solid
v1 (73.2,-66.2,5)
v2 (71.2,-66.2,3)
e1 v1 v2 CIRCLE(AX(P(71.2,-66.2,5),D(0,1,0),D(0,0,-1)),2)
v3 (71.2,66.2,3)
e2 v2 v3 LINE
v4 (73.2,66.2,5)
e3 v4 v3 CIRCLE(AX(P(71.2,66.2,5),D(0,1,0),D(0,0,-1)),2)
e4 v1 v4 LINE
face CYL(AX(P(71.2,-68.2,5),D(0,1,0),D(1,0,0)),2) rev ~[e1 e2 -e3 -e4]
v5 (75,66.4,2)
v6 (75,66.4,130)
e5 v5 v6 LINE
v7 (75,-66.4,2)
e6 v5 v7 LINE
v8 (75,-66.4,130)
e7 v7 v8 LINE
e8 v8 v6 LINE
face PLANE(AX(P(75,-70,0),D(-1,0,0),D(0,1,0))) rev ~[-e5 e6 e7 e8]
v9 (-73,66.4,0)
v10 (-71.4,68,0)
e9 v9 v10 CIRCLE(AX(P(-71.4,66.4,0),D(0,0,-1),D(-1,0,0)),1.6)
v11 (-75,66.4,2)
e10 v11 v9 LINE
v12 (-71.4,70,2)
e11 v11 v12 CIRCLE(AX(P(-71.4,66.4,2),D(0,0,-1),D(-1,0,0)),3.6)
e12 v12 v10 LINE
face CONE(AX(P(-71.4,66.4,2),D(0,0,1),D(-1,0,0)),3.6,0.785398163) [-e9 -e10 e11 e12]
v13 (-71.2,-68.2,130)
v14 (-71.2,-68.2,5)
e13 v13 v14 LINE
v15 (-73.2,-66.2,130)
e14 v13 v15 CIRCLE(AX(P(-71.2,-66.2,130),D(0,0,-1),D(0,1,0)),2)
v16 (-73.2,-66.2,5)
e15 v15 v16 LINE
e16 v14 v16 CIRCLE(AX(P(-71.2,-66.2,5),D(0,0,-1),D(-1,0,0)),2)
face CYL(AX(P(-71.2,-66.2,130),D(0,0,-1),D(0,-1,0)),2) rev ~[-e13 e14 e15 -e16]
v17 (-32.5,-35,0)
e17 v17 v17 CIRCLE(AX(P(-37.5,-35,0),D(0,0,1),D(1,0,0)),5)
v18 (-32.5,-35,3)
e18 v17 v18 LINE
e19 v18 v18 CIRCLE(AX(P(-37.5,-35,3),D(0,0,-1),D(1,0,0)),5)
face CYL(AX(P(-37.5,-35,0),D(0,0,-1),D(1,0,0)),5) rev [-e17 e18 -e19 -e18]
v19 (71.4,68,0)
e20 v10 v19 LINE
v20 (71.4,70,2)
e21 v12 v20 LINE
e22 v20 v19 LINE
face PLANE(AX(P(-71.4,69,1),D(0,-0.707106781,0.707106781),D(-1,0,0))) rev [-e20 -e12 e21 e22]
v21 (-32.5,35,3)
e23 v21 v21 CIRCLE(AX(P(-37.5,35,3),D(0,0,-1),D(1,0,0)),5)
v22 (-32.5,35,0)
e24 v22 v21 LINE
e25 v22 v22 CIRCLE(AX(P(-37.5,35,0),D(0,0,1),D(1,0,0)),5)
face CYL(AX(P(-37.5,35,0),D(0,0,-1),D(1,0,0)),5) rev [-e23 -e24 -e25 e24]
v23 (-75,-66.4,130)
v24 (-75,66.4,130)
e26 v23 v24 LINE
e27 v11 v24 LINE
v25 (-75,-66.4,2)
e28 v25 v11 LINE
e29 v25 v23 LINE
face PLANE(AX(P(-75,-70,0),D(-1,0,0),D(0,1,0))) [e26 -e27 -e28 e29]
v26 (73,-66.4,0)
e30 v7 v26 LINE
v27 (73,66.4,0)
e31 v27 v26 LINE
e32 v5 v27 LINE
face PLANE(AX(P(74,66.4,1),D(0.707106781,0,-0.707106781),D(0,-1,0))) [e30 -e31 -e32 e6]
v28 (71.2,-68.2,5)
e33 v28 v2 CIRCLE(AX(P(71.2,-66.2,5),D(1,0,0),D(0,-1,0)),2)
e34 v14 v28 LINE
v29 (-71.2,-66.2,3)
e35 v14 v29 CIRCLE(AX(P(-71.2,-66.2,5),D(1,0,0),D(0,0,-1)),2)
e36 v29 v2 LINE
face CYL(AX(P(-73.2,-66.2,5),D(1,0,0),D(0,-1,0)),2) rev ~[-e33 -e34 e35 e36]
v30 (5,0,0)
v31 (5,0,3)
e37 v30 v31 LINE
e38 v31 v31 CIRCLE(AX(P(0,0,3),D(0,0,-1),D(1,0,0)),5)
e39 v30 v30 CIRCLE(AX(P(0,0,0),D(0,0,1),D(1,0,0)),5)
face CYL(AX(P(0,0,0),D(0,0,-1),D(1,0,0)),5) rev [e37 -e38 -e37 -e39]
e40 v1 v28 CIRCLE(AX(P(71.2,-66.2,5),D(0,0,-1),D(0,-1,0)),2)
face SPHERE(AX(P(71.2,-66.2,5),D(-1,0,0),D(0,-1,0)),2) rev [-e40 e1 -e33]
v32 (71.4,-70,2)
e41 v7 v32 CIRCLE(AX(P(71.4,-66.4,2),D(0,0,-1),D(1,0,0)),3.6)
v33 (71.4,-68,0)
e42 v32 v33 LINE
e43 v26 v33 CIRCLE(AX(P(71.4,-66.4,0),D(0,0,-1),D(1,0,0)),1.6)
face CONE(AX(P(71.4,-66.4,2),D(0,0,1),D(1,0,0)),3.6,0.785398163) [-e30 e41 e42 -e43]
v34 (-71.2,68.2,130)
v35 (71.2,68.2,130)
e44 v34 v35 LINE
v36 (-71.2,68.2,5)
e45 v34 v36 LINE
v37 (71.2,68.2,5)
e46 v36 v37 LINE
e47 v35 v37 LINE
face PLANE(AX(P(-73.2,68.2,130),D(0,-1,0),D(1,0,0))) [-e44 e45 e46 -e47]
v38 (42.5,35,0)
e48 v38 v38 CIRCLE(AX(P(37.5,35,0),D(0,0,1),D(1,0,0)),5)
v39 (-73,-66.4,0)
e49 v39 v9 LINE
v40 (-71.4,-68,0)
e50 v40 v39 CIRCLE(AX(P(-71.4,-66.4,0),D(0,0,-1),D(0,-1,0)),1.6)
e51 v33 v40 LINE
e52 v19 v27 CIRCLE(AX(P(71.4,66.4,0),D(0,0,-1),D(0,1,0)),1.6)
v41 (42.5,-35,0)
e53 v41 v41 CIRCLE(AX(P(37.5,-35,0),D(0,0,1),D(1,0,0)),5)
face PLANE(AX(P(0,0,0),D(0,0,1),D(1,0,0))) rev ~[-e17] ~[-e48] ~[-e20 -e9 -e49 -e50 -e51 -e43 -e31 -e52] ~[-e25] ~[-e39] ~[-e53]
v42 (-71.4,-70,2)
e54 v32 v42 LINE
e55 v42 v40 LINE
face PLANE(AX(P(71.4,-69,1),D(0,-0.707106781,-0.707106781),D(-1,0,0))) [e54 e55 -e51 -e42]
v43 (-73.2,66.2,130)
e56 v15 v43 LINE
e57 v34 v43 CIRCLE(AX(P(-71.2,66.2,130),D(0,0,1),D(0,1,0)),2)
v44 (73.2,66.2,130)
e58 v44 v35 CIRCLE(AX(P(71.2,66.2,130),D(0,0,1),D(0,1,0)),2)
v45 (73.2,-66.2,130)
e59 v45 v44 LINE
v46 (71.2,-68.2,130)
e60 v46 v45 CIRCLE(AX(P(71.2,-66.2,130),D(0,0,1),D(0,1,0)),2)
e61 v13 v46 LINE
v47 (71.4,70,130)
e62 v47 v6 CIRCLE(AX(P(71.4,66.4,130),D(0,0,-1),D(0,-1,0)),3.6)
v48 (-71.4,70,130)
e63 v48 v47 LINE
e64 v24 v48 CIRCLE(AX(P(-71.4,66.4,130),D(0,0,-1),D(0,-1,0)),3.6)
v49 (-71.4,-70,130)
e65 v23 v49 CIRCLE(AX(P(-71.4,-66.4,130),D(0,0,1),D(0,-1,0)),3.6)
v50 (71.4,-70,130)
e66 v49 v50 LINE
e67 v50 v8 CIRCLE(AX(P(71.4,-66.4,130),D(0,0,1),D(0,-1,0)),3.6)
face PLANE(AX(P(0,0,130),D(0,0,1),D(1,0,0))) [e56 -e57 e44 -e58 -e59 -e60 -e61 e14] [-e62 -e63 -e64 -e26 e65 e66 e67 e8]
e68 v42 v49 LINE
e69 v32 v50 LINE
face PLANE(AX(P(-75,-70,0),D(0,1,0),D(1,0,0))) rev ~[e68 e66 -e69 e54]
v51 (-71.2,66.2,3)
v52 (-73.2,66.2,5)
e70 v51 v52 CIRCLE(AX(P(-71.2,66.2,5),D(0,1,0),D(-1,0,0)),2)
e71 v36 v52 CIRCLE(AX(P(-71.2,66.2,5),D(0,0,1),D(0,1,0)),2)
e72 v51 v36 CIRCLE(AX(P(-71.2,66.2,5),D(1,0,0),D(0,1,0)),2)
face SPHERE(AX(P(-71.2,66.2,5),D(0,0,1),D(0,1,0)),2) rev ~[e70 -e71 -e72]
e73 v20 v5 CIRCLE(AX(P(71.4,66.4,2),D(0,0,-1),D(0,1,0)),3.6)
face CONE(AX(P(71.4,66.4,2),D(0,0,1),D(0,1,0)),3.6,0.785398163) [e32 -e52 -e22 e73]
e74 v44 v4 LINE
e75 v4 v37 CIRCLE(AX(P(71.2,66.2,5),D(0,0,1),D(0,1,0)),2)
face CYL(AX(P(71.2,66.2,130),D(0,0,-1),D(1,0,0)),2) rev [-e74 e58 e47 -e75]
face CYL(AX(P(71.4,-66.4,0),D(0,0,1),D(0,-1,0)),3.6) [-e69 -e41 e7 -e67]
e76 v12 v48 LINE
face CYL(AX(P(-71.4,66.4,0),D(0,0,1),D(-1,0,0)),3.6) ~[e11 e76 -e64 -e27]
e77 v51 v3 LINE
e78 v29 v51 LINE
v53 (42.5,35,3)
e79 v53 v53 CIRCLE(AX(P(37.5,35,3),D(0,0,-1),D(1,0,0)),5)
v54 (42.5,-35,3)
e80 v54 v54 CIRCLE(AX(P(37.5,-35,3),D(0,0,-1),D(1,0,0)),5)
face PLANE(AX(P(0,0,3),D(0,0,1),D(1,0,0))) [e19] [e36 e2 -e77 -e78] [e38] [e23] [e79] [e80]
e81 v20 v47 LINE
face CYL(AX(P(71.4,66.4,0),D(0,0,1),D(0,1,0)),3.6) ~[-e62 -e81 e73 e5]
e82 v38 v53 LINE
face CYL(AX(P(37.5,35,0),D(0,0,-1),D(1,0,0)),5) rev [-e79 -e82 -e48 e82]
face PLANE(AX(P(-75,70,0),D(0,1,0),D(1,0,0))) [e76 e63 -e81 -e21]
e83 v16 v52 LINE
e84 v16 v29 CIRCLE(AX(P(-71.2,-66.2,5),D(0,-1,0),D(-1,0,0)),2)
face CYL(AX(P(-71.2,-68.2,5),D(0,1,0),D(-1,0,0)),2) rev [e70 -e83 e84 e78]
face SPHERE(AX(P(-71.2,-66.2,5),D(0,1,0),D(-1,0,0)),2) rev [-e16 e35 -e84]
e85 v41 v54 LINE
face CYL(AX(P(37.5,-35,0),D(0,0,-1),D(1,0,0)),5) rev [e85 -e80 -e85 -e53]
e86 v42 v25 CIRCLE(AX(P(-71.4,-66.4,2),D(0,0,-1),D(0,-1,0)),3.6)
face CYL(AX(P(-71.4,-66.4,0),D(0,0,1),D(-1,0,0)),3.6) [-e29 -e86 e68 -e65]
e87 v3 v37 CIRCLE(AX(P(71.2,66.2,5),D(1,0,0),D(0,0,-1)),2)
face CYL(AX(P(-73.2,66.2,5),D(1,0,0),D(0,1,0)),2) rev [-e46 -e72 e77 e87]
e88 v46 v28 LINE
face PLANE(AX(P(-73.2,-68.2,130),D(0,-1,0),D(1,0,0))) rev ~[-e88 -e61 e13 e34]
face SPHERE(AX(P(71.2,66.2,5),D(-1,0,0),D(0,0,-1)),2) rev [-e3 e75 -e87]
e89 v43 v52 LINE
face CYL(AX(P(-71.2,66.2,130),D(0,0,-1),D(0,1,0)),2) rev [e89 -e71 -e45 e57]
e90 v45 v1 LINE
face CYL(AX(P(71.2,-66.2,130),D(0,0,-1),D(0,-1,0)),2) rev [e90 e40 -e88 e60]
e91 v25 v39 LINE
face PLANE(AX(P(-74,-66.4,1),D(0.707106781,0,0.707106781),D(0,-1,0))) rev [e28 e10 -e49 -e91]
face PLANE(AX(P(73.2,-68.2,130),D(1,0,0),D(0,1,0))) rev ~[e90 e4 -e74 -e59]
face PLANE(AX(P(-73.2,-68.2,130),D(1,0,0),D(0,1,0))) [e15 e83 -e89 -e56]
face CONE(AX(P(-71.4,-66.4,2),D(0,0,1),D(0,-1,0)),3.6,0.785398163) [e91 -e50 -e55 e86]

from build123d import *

# Parameters (mm, degrees)
SKETCH_W        = 150
SKETCH_H        = 140
PAD_DEPTH       = 130
SKETCH001_W     = 146.4
SKETCH001_H     = 136.4
POCKET_DEPTH    = 127
SKETCH002_R     = 5
POCKET001_DEPTH = 130.001
FILLET_R        = 2
FILLET001_R     = 3.6
CHAMFER_SIZE    = 2


with BuildPart() as part:
    # Sketch → Pad (new body)
    with BuildSketch(Plane.XY):
        Rectangle(SKETCH_W, SKETCH_H)
    extrude(amount=PAD_DEPTH)

    # Sketch001 (on DatumPlane) → Pocket (cut)
    with BuildSketch(Plane.XY.offset(130)):
        Rectangle(SKETCH001_W, SKETCH001_H)
    extrude(amount=-POCKET_DEPTH, mode=Mode.SUBTRACT)

    # Sketch002 → Pocket001 (cut, through all)
    with BuildSketch(Plane.XY):
        with Locations((-37.5, 35)):
            Circle(SKETCH002_R)
        with Locations((37.5, 35)):
            Circle(SKETCH002_R)
        with Locations((37.5, -35)):
            Circle(SKETCH002_R)
        with Locations((-37.5, -35)):
            Circle(SKETCH002_R)
        Circle(SKETCH002_R)
    extrude(amount=POCKET001_DEPTH, mode=Mode.SUBTRACT)

    # Fillet
    fillet_edges = [part.edges().sort_by_distance(p)[0] for p in [
        (-73.2, 68.2, 66.5),
        (0, 68.2, 3),
        (-73.2, 0, 3),
        (-73.2, -68.2, 66.5),
        (0, -68.2, 3),
        (73.2, -68.2, 66.5),
        (73.2, 0, 3),
        (73.2, 68.2, 66.5),
    ]]
    fillet(fillet_edges, radius=FILLET_R)

    # Fillet001
    fillet001_edges = [part.edges().sort_by_distance(p)[0] for p in [
        (-75, -70, 65),
        (75, -70, 65),
        (75, 70, 65),
        (-75, 70, 65),
    ]]
    fillet(fillet001_edges, radius=FILLET001_R)

    # Chamfer
    chamfer_edges = [part.edges().sort_by_distance(p)[0] for p in [
        (0, 70, 0),
    ]]
    chamfer(chamfer_edges, length=CHAMFER_SIZE)


solid = part.part
